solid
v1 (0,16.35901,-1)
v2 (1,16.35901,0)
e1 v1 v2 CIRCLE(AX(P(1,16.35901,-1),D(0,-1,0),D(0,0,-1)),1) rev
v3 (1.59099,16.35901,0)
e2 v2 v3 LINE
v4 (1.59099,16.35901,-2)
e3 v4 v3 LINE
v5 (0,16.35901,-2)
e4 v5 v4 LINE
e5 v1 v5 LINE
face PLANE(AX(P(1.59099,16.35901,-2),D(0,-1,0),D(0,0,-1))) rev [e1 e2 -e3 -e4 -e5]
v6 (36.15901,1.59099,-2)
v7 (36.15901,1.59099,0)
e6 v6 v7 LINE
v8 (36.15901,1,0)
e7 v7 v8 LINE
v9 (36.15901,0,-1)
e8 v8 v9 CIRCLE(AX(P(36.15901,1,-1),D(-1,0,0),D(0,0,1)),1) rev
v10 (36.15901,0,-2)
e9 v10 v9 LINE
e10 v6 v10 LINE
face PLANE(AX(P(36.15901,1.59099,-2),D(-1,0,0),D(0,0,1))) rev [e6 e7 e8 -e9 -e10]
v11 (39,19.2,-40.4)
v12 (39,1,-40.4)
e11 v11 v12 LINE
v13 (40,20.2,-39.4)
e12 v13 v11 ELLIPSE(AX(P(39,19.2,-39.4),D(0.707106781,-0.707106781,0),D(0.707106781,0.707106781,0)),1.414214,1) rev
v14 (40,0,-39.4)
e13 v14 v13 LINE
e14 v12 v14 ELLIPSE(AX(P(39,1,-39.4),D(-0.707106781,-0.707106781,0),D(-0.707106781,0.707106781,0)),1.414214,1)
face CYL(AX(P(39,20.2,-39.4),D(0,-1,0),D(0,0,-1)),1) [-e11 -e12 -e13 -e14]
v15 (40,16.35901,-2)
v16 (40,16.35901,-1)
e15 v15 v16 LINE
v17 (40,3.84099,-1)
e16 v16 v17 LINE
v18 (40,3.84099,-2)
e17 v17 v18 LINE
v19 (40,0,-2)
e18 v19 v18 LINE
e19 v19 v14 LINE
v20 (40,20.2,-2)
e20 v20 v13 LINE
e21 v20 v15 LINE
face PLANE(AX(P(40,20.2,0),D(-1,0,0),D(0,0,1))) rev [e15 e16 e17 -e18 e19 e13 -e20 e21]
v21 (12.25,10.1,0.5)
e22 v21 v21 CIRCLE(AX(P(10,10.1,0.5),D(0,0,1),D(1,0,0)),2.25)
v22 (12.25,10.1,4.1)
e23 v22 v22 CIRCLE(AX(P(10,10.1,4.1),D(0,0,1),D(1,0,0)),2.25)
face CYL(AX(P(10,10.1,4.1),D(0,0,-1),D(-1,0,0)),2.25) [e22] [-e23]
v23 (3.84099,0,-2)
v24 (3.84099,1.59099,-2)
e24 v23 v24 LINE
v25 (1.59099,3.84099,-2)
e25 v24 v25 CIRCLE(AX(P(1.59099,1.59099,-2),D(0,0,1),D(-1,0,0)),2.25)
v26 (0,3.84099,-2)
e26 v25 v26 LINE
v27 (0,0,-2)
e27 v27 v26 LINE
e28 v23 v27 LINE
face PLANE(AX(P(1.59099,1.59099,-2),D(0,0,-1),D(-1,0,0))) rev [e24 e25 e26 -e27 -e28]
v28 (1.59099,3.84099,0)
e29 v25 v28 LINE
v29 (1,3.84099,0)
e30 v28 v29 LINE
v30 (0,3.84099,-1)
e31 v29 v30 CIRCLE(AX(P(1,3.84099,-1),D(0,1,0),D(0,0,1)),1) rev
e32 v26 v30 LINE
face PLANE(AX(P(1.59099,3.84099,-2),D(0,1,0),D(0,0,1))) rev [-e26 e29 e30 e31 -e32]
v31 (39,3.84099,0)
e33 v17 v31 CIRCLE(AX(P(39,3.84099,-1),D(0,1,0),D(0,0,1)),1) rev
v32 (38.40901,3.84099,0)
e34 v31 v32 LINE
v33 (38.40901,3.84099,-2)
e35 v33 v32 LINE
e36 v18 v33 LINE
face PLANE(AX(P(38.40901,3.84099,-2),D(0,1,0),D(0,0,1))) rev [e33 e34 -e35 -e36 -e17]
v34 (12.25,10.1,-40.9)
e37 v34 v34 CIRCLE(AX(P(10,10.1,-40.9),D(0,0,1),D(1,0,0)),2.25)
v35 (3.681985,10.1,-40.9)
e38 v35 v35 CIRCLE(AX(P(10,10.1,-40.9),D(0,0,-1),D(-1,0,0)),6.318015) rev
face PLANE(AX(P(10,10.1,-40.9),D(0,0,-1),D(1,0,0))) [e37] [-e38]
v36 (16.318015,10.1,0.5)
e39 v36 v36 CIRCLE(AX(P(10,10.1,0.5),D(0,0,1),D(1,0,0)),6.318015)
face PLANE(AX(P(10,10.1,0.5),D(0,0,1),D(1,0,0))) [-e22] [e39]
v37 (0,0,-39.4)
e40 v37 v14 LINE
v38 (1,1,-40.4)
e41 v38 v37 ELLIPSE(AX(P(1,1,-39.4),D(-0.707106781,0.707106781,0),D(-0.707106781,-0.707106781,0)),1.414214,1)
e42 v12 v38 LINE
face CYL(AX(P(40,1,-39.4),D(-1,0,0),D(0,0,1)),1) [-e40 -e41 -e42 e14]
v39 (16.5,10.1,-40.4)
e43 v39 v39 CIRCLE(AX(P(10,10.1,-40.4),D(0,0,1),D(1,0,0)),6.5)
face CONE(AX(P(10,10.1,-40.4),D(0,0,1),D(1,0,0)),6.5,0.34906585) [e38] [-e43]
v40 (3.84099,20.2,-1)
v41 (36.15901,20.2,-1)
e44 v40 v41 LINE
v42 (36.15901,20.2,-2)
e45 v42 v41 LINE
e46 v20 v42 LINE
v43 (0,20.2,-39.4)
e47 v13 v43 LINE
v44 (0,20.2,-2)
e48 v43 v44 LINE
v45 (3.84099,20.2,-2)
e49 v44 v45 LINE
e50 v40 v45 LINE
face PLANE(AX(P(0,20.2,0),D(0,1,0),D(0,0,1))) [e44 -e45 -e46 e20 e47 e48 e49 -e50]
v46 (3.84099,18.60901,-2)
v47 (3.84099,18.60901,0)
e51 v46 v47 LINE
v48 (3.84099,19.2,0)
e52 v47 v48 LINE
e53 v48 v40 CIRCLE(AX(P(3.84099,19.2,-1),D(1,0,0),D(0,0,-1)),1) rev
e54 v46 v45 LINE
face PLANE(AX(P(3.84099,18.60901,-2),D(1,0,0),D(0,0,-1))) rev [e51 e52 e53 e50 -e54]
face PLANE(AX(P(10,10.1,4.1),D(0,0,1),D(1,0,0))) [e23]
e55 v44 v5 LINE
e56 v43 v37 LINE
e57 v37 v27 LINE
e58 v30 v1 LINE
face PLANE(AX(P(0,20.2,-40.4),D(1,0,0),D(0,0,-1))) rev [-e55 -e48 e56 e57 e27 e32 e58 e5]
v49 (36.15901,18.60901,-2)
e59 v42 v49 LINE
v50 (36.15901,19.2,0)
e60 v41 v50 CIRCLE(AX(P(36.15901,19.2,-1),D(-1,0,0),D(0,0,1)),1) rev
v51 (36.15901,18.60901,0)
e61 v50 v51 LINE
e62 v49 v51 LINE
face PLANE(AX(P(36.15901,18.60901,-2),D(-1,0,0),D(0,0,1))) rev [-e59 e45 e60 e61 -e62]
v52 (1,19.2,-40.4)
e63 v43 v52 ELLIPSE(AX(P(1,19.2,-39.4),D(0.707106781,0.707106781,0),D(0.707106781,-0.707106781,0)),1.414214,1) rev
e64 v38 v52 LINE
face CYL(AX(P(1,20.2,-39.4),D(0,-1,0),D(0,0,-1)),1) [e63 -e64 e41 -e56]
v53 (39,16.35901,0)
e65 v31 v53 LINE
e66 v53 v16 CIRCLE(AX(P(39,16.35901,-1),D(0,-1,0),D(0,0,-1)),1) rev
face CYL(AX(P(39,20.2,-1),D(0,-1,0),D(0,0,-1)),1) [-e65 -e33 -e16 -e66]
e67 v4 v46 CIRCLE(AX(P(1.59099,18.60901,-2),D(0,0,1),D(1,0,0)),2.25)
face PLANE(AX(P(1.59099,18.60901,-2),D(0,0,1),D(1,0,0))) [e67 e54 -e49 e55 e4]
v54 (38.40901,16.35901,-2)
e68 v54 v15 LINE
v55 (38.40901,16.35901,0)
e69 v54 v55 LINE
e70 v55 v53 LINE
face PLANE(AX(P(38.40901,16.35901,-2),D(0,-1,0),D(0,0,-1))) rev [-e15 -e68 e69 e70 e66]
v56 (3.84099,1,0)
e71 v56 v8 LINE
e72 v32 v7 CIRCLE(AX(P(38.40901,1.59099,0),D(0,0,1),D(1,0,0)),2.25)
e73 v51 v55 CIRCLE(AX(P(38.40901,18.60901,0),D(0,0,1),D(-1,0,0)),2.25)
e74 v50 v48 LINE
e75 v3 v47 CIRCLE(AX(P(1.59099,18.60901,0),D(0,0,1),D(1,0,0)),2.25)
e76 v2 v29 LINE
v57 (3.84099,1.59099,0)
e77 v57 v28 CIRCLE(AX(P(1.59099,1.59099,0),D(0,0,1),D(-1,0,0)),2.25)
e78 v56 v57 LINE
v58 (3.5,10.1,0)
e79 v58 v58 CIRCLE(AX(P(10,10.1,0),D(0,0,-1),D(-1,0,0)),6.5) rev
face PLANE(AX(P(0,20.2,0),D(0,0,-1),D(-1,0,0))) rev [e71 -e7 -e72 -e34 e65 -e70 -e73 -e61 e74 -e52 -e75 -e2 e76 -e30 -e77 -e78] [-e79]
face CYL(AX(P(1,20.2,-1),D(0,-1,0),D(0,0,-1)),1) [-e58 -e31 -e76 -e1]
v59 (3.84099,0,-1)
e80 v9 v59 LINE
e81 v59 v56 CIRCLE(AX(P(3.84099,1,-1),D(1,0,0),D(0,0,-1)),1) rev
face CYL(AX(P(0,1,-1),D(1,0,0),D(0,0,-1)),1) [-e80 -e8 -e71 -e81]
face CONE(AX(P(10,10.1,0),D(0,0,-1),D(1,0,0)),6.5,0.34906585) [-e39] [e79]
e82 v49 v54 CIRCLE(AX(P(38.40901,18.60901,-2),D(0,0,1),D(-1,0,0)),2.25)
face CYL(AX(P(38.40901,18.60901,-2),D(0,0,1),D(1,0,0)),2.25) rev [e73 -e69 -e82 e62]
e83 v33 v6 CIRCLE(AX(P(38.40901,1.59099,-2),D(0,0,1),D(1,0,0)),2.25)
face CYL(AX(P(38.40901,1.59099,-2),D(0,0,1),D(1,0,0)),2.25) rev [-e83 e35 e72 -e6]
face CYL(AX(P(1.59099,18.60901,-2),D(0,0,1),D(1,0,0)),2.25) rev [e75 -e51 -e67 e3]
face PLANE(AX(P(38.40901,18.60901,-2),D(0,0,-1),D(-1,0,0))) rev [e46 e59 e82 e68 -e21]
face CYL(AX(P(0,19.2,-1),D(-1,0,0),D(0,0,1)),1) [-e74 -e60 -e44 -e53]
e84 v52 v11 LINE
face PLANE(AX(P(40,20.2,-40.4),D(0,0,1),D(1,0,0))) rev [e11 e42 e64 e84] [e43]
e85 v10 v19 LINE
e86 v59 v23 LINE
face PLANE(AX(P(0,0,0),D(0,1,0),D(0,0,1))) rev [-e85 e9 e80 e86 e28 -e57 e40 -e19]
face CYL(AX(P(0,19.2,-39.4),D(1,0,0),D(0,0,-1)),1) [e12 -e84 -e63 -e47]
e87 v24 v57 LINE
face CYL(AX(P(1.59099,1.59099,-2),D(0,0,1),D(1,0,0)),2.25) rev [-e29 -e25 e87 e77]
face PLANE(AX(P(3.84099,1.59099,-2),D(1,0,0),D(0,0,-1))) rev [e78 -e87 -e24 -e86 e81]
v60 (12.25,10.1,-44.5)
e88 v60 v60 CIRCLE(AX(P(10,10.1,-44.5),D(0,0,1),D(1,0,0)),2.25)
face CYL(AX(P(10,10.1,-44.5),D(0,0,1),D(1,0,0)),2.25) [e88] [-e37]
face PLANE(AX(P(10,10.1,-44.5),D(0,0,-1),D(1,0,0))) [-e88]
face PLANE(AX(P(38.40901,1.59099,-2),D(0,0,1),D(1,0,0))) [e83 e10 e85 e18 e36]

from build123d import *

# Parameters (mm, degrees)
SKETCH1_W           = 40
SKETCH1_H           = 40.4
BOSS_EXTRUDE1_DEPTH = 20.2
FILLET1_R           = 1
FILLET2_R           = 1
CUT_EXTRUDE1_DEPTH  = 2
SKETCH3_R           = 6.5
BOSS_EXTRUDE2_DEPTH = 0.5
BOSS_EXTRUDE2_TAPER = 20
SKETCH4_R           = 2.25
BOSS_EXTRUDE3_DEPTH = 3.6


with BuildPart() as part:
    # Sketch1 → Boss-Extrude1 (new body)
    with BuildSketch(Plane(origin=(0, 0, 0), x_dir=(1, 0, 0), z_dir=(0, 1, 0))):
        with Locations((20, 20.2)):
            Rectangle(SKETCH1_W, SKETCH1_H)
    extrude(amount=BOSS_EXTRUDE1_DEPTH)

    # Fillet1
    fillet1_edges = [part.edges().sort_by_distance(p)[0] for p in [
        (20, 0, 0),
        (40, 10.1, 0),
        (0, 10.1, 0),
        (20, 20.2, 0),
    ]]
    fillet(fillet1_edges, radius=FILLET1_R)

    # Fillet2
    fillet2_edges = [part.edges().sort_by_distance(p)[0] for p in [
        (20, 20.2, -40.4),
        (20, 0, -40.4),
        (0, 10.1, -40.4),
        (40, 10.1, -40.4),
    ]]
    fillet(fillet2_edges, radius=FILLET2_R)

    # Sketch2 → Cut-Extrude1 (cut)
    with BuildSketch(Plane.XY):
        with BuildLine():
            Line((1.590990258, 3.840990258), (-0.659009742, 3.840990258))
            Line((-0.659009742, 3.840990258), (-0.659009742, 1.590990258))
            ThreePointArc((-0.659009742, 1.590990258), (0, 0), (1.590990258, -0.659009742))
            Line((1.590990258, -0.659009742), (3.840990258, -0.557681221))
            Line((3.840990258, -0.557681221), (3.840990258, 1.590990258))
            ThreePointArc((3.840990258, 1.590990258), (3.181980515, 3.181980515), (1.590990258, 3.840990258))
        make_face()
        with BuildLine():
            Line((3.840990258, 18.609009742), (3.840990258, 20.859009742))
            Line((3.840990258, 20.859009742), (1.590990258, 20.859009742))
            ThreePointArc((1.590990258, 20.859009742), (0, 20.2), (-0.659009742, 18.609009742))
            Line((-0.659009742, 18.609009742), (-0.659009742, 16.359009742))
            Line((-0.659009742, 16.359009742), (1.590990258, 16.359009742))
            ThreePointArc((1.590990258, 16.359009742), (3.181980515, 17.018019485), (3.840990258, 18.609009742))
        make_face()
        with BuildLine():
            Line((36.159009742, -0.557681221), (38.409009742, -0.659009742))
            ThreePointArc((38.409009742, -0.659009742), (40, 0), (40.659009742, 1.590990258))
            Line((40.659009742, 1.590990258), (40.659009742, 3.840990258))
            Line((40.659009742, 3.840990258), (38.409009742, 3.840990258))
            ThreePointArc((38.409009742, 3.840990258), (36.818019485, 3.181980515), (36.159009742, 1.590990258))
            Line((36.159009742, 1.590990258), (36.159009742, -0.557681221))
        make_face()
        with BuildLine():
            Line((36.159009742, 18.609009742), (36.159009742, 20.859009742))
            Line((36.159009742, 20.859009742), (38.409009742, 20.859009742))
            ThreePointArc((38.409009742, 20.859009742), (40, 20.2), (40.659009742, 18.609009742))
            Line((40.659009742, 18.609009742), (40.659009742, 16.359009742))
            Line((40.659009742, 16.359009742), (38.409009742, 16.359009742))
            ThreePointArc((38.409009742, 16.359009742), (36.818019485, 17.018019485), (36.159009742, 18.609009742))
        make_face()
    extrude(amount=-CUT_EXTRUDE1_DEPTH, mode=Mode.SUBTRACT)

    # Sketch3 → Boss-Extrude2 (add)
    with BuildSketch(Plane.XY):
        with Locations((10, 10.1)):
            Circle(SKETCH3_R)
    boss_extrude2 = extrude(amount=BOSS_EXTRUDE2_DEPTH, taper=BOSS_EXTRUDE2_TAPER)

    # Sketch4 → Boss-Extrude3 (add)
    with BuildSketch(Plane.XY.offset(0.5)):
        with Locations((10, 10.1)):
            Circle(SKETCH4_R)
    boss_extrude3 = extrude(amount=BOSS_EXTRUDE3_DEPTH)

    # Mirror2: Boss-Extrude2, Boss-Extrude3 across plane
    add(boss_extrude2.mirror(Plane(origin=(0, 0, -20.2), x_dir=(1, 0, 0), z_dir=(0, 0, -1))))
    add(boss_extrude3.mirror(Plane(origin=(0, 0, -20.2), x_dir=(1, 0, 0), z_dir=(0, 0, -1))))


solid = part.part
